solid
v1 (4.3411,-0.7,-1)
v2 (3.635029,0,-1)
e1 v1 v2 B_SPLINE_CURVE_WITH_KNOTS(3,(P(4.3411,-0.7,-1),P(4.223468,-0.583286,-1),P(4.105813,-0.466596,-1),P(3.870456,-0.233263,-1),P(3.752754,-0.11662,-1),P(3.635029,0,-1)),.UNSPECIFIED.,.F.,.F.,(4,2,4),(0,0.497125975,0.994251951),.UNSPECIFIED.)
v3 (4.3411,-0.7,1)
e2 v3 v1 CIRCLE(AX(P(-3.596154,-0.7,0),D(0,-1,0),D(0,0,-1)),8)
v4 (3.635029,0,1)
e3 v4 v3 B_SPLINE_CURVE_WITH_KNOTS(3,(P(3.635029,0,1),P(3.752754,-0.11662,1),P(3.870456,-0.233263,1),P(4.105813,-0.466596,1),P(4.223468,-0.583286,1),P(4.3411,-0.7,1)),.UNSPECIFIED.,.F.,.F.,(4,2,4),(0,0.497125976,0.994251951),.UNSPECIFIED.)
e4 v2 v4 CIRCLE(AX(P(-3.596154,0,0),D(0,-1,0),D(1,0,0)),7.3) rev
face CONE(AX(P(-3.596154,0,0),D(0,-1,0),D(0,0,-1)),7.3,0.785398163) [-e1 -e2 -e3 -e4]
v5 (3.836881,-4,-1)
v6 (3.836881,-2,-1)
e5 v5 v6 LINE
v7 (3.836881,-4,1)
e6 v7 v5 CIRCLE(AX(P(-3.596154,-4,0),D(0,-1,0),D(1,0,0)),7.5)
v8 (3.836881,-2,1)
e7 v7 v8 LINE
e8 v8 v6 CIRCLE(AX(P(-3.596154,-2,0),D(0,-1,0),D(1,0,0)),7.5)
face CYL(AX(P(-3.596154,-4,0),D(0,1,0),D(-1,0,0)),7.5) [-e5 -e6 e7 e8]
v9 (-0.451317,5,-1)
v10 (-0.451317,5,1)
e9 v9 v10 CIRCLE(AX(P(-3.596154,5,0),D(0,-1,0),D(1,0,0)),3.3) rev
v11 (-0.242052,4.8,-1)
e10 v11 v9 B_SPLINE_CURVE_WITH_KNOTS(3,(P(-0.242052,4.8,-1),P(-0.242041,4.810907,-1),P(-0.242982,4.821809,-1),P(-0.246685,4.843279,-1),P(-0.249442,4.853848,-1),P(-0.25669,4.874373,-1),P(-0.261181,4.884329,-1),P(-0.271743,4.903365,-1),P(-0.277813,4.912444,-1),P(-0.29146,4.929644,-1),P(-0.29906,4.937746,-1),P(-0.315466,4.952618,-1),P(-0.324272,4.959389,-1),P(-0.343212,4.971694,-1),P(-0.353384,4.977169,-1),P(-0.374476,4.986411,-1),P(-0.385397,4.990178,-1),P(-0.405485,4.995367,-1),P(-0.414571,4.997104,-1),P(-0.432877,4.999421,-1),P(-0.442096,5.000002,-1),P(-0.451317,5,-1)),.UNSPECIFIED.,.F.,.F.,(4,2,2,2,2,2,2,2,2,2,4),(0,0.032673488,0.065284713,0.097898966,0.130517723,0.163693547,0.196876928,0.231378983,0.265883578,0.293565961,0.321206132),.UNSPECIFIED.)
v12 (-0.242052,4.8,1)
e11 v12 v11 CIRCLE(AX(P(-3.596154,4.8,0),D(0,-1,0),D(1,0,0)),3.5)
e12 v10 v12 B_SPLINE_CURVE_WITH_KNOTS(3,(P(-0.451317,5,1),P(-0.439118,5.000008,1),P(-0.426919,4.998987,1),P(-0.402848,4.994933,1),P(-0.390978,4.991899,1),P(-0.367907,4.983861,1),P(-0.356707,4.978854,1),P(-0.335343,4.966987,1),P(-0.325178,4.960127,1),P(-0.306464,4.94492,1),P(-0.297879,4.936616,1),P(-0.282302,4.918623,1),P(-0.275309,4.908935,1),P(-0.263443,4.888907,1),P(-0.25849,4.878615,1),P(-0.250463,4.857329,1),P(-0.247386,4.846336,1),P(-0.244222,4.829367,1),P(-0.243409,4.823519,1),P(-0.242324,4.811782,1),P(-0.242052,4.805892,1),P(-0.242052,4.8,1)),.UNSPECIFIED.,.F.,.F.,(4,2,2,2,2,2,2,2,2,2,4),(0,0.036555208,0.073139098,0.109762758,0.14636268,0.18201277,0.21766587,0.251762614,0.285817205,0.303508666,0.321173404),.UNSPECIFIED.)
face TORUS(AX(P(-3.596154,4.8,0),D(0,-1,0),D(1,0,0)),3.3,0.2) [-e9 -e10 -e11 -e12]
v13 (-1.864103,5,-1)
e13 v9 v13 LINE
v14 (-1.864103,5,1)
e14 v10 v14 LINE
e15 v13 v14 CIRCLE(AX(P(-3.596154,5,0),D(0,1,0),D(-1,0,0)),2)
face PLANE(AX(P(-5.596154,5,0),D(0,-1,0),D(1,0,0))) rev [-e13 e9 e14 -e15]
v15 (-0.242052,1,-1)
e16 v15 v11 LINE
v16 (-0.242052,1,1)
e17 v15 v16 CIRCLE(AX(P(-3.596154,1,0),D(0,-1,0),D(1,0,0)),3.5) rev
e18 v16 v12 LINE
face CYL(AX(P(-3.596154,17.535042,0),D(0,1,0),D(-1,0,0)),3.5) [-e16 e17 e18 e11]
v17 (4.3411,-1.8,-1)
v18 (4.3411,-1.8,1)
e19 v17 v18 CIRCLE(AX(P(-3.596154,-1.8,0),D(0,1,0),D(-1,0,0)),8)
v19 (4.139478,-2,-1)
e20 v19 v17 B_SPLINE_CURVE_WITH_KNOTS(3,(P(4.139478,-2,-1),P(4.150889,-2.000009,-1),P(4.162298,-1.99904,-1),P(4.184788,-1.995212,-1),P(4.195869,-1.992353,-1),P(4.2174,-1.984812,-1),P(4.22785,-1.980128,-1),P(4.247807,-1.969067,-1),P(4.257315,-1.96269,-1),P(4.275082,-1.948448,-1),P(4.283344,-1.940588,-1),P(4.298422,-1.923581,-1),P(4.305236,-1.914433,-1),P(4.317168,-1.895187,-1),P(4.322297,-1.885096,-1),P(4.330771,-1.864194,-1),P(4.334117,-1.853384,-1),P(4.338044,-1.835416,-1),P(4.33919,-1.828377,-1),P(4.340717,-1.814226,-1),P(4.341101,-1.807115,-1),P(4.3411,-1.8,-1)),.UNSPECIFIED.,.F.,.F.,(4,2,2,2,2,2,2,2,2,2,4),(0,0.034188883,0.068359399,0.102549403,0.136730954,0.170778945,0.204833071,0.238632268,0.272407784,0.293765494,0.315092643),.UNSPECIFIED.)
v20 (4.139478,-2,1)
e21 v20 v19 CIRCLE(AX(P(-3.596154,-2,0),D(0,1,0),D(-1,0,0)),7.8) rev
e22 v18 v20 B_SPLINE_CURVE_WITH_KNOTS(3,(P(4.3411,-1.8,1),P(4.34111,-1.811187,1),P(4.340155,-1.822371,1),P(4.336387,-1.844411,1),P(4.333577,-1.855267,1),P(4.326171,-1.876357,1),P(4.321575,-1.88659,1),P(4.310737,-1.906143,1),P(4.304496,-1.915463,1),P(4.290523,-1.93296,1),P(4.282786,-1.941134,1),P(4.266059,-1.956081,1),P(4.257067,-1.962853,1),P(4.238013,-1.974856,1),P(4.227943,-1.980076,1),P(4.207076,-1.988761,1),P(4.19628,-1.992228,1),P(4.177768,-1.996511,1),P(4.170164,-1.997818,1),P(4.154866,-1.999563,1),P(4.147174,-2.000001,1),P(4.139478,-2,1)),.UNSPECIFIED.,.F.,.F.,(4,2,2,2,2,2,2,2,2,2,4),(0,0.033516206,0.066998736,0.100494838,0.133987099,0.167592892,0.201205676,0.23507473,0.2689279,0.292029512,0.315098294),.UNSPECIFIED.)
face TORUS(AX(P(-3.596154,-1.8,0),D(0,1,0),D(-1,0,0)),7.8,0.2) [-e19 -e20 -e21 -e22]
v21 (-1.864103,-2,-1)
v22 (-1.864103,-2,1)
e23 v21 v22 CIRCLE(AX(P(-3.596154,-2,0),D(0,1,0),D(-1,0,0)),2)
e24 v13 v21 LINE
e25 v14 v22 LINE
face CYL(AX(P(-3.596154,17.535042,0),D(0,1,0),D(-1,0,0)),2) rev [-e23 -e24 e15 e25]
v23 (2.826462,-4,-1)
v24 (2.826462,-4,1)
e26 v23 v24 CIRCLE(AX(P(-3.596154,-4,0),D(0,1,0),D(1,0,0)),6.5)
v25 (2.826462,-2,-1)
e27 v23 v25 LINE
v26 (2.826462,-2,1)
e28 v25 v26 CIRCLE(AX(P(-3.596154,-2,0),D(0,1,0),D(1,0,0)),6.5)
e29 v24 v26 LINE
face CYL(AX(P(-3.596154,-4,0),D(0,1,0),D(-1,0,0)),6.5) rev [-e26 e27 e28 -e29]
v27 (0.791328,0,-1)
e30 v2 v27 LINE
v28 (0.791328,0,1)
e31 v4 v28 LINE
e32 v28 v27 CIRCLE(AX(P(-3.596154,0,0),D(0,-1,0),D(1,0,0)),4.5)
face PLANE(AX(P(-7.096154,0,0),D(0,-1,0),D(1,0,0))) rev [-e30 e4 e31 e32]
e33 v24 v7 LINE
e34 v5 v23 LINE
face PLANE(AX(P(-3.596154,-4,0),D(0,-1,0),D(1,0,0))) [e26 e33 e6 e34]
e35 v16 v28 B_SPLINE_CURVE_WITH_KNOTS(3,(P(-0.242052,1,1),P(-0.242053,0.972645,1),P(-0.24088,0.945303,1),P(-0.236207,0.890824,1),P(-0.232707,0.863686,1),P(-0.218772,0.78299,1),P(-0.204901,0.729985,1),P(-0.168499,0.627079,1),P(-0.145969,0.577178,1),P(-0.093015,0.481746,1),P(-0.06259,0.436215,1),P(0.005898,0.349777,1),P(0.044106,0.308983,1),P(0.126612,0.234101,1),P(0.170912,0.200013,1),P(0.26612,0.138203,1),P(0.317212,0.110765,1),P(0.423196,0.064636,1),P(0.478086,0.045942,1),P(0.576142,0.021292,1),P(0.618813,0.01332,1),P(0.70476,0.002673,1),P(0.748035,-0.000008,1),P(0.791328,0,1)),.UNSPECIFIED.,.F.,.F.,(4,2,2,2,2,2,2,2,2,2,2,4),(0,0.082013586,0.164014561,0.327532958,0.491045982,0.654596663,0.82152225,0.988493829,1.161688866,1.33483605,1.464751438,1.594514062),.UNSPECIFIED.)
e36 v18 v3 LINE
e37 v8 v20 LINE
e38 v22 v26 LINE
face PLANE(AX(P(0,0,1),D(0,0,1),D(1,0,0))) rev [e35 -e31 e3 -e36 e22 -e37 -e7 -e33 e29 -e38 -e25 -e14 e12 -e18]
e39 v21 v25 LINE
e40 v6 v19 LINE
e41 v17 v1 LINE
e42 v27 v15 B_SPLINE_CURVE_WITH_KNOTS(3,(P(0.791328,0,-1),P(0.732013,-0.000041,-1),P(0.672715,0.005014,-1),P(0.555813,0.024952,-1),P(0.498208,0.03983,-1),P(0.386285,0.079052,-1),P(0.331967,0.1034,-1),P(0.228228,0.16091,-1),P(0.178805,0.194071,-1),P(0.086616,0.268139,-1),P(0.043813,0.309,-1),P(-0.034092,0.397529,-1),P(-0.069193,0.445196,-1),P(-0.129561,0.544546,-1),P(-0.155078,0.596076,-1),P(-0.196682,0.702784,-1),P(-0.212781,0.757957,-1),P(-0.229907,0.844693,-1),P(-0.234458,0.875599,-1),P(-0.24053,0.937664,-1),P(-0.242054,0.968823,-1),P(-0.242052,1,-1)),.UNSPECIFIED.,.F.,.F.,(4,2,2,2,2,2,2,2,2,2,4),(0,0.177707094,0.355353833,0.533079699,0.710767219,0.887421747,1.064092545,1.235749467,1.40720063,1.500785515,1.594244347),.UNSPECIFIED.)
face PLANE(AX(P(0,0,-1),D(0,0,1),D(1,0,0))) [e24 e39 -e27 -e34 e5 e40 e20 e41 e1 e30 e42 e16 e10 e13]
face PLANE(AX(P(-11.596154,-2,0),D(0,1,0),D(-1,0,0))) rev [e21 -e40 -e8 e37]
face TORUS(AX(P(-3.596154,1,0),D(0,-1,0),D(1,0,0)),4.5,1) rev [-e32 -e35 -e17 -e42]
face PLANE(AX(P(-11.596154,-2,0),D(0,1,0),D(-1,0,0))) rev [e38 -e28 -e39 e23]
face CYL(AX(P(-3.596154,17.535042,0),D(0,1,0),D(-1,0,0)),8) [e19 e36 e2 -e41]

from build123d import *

# Parameters (mm, degrees)
SKETCH_2_W          = 9.419019416
SKETCH_2_H          = 11.792672783
CUT_EXTRUDE_1_DEPTH = 1
FILLET_1_R          = 0.2
CHAMFER_1_SIZE      = 0.7
FILLET_2_R          = 0.2
FILLET_3_R          = 1
EXTRUDE_1_DEPTH     = 2


with BuildPart() as part:
    # 草图1 → 旋转1 (revolve)
    with BuildSketch(Plane.XY, mode=Mode.PRIVATE) as revolve_1_sk:
        Polygon((-1.596153846, 5), (-0.096153846, 5), (-0.096153846, 0), (4.403846154, 0), (4.403846154, -2), (-1.596153846, -2), align=None)
    revolve(revolve_1_sk.sketch.rotate(Axis((-3.596153846, 17.535042267, 0), (0, -1, 0)), 180), axis=Axis((-3.596153846, 17.535042267, 0), (0, -1, 0)))

    # 草图2 → 切除-拉伸1 (cut, symmetric)
    with BuildSketch(Plane.XY):
        with Locations((1.113355862, -0.208425672)):
            Rectangle(SKETCH_2_W, SKETCH_2_H)
    extrude(amount=CUT_EXTRUDE_1_DEPTH, both=True, mode=Mode.SUBTRACT)

    # 圆角1
    fillet_1_edges = [part.edges().sort_by_distance(p)[0] for p in [
        (-7.096153846, 5, 0),
    ]]
    fillet(fillet_1_edges, radius=FILLET_1_R)

    # 倒角1
    chamfer_1_edges = [part.edges().sort_by_distance(p)[0] for p in [
        (-11.596153846, 0, 0),
    ]]
    chamfer(chamfer_1_edges, length=CHAMFER_1_SIZE)

    # 圆角2
    fillet_2_edges = [part.edges().sort_by_distance(p)[0] for p in [
        (-11.596153846, -2, 0),
    ]]
    fillet(fillet_2_edges, radius=FILLET_2_R)

    # 圆角3
    fillet_3_edges = [part.edges().sort_by_distance(p)[0] for p in [
        (-7.096153846, 0, 0),
    ]]
    fillet(fillet_3_edges, radius=FILLET_3_R)

    # 草图3 → 凸台-拉伸1 (add)
    with BuildSketch(Plane.XZ.offset(2)):
        with BuildLine():
            Line((2.826462443, -1), (3.836880528, -1))
            ThreePointArc((3.836880528, -1), (-11.096153846, 0), (3.836880528, 1))
            Line((3.836880528, 1), (2.826462443, 1))
            ThreePointArc((2.826462443, 1), (-10.096153846, 0), (2.826462443, -1))
        make_face()
    extrude(amount=EXTRUDE_1_DEPTH)


solid = part.part
